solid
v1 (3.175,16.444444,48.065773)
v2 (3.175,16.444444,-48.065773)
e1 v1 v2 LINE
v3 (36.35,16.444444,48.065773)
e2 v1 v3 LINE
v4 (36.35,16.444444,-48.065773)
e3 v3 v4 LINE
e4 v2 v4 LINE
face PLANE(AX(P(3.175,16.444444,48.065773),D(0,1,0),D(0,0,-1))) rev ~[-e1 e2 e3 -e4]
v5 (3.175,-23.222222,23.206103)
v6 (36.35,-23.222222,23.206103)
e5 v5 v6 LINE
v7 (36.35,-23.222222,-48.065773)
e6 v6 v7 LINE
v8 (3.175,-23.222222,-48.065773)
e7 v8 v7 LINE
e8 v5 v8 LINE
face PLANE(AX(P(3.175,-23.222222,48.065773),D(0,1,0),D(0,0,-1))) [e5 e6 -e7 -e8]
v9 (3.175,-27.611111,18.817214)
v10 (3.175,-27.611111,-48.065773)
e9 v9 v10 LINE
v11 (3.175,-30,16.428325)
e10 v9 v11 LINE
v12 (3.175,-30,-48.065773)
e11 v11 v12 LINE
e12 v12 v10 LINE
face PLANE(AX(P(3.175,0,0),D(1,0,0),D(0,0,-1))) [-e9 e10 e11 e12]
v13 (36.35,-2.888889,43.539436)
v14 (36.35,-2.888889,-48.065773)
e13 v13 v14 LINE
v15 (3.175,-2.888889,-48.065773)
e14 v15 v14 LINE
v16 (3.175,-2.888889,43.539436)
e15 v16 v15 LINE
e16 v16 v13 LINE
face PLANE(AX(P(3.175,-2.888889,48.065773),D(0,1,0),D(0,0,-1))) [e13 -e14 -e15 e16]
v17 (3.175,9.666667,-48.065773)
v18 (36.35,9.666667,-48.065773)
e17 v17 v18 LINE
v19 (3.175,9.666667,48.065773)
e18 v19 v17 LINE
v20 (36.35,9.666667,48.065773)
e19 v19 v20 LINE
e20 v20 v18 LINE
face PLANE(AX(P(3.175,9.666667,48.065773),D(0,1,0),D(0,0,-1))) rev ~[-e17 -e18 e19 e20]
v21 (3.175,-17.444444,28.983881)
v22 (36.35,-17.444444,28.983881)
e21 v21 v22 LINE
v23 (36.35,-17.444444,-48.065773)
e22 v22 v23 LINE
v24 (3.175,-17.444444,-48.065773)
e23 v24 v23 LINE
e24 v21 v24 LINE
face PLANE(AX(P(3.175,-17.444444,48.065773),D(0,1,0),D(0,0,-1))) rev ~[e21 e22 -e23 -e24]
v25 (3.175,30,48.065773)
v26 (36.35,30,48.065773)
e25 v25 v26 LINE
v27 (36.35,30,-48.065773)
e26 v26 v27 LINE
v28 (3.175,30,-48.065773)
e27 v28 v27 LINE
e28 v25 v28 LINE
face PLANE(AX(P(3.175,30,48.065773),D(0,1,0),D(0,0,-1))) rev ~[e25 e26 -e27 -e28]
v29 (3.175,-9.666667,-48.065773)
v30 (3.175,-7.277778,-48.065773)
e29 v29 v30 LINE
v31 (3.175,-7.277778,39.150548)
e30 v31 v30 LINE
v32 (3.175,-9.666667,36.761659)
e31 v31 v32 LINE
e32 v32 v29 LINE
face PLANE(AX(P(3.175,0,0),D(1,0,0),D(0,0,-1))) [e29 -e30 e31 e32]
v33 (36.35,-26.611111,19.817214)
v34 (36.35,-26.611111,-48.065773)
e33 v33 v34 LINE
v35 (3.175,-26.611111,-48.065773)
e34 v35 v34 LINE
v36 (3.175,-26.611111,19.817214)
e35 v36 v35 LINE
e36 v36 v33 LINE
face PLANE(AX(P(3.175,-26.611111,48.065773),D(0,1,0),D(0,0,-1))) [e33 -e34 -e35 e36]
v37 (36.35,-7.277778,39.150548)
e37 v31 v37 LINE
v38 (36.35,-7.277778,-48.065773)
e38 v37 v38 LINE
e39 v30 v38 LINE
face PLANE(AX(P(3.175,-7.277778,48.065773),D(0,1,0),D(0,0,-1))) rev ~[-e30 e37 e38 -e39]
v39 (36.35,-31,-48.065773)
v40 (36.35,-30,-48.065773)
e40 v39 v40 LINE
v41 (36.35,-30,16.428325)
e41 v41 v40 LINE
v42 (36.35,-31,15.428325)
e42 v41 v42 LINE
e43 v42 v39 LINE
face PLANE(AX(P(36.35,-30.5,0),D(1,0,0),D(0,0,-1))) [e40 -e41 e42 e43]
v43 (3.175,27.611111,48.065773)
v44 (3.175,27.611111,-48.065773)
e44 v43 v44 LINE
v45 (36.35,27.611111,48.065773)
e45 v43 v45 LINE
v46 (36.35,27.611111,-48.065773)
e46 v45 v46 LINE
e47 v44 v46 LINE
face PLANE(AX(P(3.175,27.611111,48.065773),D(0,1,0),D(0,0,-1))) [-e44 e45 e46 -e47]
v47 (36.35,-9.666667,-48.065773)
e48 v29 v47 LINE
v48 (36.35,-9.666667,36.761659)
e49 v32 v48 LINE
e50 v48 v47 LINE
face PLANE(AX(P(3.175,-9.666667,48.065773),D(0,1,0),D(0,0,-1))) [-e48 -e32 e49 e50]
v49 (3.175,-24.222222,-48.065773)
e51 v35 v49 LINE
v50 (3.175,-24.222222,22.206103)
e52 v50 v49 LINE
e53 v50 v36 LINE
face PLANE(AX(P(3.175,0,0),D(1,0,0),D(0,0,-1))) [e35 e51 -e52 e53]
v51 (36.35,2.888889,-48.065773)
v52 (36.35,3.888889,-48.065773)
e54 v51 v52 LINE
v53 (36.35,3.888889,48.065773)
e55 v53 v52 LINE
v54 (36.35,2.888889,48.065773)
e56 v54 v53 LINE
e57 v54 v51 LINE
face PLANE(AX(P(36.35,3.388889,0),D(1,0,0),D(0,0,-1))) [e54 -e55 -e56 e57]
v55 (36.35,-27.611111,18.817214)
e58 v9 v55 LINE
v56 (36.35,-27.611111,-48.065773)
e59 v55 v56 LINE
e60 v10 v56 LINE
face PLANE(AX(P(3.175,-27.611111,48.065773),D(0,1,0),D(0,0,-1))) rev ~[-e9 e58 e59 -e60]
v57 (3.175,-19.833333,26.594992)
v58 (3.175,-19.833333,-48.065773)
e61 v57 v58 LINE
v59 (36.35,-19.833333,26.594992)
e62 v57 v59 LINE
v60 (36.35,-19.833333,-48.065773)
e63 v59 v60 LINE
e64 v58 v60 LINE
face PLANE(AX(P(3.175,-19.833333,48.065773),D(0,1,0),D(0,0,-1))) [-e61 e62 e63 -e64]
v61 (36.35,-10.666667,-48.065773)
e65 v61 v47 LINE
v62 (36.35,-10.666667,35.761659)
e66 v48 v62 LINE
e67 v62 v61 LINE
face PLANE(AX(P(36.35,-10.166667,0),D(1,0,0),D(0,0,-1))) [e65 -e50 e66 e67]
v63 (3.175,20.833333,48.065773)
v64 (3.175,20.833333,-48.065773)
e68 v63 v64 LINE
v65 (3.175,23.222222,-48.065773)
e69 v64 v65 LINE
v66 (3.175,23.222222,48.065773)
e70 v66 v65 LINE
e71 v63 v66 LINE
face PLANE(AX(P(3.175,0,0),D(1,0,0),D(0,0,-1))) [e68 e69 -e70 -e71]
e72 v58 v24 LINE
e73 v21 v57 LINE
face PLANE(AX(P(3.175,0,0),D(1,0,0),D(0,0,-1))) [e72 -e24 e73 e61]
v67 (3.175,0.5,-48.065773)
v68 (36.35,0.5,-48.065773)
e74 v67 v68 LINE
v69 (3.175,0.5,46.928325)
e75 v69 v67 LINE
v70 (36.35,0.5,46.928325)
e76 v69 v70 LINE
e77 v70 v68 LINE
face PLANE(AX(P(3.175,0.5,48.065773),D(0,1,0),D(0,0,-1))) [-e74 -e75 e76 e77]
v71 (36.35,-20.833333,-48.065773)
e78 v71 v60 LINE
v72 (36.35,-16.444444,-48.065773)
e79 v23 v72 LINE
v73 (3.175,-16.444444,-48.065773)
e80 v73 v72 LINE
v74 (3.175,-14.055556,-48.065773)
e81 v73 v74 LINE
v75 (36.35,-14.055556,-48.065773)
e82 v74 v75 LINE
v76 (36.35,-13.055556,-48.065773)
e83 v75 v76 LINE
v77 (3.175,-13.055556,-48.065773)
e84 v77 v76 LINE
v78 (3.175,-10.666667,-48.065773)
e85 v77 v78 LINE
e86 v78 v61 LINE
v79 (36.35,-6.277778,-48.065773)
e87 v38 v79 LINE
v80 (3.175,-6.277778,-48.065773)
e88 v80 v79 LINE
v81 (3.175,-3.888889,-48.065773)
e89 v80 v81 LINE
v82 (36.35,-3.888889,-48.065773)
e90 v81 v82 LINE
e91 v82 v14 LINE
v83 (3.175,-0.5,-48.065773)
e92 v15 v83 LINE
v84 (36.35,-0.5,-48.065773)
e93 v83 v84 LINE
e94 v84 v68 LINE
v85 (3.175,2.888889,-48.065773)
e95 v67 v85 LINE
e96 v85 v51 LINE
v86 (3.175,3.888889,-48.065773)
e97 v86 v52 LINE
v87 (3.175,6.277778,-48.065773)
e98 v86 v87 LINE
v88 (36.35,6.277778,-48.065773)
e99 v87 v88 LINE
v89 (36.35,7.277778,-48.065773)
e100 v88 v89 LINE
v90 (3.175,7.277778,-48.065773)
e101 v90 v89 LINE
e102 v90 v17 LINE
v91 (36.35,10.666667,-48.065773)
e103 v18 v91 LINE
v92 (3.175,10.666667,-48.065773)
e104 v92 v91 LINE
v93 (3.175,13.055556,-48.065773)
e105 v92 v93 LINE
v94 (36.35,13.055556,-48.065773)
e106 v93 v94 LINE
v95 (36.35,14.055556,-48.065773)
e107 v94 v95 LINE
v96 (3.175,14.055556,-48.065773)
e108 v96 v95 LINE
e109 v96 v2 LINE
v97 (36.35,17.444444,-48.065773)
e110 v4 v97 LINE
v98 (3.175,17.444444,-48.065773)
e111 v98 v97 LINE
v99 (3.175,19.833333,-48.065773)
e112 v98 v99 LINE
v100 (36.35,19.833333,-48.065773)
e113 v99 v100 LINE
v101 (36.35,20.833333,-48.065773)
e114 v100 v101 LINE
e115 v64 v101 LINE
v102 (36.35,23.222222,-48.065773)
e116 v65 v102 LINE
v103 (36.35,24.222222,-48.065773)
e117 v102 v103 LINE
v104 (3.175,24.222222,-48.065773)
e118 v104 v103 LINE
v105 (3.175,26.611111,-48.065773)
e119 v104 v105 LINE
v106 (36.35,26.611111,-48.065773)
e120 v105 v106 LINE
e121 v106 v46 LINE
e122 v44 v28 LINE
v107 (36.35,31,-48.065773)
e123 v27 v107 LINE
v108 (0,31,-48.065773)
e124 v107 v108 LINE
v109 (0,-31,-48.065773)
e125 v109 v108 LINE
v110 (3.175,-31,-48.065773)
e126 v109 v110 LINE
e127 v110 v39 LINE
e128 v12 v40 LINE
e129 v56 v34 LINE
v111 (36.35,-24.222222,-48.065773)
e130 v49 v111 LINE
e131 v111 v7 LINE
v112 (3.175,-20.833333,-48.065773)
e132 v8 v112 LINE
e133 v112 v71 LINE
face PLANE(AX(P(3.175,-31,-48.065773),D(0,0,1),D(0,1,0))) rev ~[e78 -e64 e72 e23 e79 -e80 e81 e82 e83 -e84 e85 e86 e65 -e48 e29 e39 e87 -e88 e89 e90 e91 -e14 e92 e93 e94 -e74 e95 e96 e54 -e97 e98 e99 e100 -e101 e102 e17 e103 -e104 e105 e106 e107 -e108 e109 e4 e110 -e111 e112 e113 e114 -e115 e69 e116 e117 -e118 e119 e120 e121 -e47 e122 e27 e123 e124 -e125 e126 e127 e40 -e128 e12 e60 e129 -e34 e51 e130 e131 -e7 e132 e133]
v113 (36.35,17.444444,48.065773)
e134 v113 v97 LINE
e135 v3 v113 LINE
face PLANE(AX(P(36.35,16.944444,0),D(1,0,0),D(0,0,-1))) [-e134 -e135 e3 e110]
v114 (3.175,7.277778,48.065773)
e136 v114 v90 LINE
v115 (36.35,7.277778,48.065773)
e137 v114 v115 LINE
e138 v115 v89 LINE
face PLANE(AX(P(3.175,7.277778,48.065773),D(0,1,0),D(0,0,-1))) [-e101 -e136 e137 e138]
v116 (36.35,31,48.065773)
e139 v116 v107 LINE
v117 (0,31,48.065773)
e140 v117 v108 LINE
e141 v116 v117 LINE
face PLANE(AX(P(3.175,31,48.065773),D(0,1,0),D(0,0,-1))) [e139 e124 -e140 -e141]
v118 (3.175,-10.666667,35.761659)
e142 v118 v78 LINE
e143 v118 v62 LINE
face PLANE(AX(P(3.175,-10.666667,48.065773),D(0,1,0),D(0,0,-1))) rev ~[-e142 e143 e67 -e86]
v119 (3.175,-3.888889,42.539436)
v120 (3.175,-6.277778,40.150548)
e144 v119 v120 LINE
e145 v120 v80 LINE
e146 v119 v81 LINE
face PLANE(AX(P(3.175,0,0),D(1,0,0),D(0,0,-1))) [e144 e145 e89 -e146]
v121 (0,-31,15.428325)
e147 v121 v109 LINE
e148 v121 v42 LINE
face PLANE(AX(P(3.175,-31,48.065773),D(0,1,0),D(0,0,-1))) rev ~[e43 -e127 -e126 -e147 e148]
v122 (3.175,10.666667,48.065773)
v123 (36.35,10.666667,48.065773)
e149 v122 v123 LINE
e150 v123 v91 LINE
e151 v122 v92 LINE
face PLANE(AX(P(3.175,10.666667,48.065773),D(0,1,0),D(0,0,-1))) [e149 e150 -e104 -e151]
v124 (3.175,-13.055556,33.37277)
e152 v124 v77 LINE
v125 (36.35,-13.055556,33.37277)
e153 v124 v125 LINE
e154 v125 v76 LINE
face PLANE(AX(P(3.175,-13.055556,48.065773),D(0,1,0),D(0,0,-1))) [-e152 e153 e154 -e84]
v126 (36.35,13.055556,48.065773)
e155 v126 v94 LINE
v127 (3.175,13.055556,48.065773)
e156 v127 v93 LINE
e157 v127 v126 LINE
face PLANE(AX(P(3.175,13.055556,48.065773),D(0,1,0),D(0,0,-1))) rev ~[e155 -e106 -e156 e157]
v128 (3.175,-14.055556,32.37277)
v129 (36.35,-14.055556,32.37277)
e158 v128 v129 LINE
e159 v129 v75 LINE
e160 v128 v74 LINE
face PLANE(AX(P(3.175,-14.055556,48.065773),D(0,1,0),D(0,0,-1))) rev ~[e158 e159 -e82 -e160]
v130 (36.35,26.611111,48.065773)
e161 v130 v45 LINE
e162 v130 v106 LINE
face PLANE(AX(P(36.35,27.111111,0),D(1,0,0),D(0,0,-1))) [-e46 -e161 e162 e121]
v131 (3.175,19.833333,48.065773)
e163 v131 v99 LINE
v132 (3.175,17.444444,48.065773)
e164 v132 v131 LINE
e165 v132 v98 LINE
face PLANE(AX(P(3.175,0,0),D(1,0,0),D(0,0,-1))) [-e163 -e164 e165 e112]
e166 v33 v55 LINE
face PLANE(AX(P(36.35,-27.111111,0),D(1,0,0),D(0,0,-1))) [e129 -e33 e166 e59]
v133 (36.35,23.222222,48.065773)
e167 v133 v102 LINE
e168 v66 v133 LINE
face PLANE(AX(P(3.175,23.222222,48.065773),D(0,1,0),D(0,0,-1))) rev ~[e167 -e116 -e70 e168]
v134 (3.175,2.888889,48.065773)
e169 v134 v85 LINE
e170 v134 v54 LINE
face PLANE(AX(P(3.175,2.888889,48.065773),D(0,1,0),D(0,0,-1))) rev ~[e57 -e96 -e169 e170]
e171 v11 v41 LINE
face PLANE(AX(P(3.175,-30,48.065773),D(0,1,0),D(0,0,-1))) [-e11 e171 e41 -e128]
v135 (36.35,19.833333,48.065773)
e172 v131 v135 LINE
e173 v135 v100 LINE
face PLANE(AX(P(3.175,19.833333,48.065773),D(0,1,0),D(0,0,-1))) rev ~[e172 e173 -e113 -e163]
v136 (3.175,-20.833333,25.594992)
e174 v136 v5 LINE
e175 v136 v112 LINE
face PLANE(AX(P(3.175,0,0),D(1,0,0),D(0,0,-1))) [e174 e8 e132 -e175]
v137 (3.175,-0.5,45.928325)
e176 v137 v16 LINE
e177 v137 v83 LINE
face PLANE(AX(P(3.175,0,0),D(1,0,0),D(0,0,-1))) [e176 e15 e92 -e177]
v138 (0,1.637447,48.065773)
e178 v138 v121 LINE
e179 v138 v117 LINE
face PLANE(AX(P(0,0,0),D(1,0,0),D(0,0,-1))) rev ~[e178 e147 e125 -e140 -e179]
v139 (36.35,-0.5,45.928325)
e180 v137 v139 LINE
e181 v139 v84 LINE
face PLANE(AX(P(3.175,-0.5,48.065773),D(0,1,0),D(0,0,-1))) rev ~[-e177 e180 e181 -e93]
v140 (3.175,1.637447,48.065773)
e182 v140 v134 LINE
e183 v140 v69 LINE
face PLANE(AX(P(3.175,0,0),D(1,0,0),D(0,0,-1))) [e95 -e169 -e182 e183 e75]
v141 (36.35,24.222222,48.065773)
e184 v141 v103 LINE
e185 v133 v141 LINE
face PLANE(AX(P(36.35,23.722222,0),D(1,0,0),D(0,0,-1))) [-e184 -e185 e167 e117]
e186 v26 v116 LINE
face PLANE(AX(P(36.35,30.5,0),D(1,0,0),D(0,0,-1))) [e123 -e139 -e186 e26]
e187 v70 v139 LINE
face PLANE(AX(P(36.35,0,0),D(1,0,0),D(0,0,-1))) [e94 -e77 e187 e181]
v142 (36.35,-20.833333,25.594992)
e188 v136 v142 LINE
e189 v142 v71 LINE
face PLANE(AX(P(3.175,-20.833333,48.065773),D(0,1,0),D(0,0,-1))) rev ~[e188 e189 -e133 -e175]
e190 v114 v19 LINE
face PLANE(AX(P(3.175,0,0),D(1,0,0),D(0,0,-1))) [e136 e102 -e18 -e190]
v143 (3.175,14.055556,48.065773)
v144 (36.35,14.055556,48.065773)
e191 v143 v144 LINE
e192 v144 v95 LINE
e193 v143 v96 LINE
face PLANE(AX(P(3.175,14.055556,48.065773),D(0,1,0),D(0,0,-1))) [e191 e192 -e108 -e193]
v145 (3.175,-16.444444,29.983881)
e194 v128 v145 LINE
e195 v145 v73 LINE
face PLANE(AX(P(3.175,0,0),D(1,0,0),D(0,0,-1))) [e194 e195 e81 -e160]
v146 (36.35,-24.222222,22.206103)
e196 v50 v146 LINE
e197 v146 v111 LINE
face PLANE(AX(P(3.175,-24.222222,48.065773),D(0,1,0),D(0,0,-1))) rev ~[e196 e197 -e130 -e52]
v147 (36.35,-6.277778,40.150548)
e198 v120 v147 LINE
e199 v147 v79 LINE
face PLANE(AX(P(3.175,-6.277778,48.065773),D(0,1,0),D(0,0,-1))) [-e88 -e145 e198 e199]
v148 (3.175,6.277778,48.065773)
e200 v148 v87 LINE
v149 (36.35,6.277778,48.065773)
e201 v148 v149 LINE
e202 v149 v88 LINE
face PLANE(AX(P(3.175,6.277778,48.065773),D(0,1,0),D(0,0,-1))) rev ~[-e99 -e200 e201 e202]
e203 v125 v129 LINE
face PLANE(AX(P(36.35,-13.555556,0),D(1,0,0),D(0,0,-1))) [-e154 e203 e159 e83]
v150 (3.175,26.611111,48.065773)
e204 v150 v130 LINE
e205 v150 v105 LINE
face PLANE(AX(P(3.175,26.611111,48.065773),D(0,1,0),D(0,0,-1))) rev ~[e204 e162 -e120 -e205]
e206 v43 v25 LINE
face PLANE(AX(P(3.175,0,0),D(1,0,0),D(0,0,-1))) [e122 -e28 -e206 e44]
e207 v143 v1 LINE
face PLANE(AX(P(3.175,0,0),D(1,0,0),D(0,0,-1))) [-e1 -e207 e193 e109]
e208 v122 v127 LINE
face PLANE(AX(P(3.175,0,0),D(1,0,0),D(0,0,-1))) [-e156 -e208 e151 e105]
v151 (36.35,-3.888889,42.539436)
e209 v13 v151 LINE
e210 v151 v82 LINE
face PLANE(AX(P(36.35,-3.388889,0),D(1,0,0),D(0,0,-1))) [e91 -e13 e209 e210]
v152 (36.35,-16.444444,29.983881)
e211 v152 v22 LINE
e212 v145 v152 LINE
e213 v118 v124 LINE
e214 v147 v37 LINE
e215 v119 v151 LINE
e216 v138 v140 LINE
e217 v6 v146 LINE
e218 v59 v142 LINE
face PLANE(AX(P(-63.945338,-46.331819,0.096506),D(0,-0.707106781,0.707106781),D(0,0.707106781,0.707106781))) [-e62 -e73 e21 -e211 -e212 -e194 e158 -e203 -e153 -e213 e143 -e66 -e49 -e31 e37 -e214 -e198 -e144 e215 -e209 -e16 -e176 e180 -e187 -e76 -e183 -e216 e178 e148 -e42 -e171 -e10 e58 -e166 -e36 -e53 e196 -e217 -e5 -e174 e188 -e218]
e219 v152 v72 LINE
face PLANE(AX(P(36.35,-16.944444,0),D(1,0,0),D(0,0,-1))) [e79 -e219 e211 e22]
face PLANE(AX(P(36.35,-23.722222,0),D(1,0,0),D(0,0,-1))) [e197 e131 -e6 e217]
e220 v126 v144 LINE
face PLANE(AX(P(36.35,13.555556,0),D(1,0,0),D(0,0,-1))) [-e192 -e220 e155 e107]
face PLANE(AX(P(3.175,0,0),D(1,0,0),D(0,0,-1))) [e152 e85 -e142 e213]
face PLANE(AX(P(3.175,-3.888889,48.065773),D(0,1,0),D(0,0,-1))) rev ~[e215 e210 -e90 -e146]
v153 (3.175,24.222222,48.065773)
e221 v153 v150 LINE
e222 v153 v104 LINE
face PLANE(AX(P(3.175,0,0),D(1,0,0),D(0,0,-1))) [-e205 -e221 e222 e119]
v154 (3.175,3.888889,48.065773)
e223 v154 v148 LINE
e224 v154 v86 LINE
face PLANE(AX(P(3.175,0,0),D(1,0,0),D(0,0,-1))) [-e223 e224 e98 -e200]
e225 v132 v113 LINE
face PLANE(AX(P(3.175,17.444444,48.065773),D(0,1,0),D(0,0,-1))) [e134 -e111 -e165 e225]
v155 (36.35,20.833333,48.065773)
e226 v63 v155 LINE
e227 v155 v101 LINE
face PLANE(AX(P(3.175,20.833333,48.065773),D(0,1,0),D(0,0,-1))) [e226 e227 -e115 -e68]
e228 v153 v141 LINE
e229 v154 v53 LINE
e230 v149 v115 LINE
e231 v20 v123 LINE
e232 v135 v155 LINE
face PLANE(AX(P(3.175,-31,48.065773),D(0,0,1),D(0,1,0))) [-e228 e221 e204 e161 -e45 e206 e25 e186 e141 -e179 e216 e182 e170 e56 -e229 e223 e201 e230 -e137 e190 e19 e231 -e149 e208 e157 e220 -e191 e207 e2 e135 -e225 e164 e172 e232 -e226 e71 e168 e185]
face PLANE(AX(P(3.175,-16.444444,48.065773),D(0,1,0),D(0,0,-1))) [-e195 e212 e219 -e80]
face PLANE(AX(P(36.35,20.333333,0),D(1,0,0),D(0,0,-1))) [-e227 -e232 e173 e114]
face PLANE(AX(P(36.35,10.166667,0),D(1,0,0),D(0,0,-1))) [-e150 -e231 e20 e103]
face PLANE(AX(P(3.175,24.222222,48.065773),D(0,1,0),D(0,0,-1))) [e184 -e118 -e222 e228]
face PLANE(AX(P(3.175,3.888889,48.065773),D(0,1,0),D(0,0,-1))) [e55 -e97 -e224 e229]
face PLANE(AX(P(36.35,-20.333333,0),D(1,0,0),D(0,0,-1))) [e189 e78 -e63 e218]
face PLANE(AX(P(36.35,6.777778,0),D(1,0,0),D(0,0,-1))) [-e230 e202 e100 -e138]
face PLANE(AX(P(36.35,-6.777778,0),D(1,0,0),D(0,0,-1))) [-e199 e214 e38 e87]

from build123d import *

# Parameters (mm, degrees)
SKETCH1_W               = 96.131545064
SKETCH1_H               = 62
BOSS_EXTRUDE1_DEPTH     = 3.175
SKETCH2_W               = 96.131545064
SKETCH2_H               = 1
EXTRUDE_THIN1_DEPTH     = 33.175
LPATTERN1_COUNT         = 19
LPATTERN1_PITCH         = 3.388888889
CUT_EXTRUDE1_DEPTH      = 67.120338127
CUT_EXTRUDE1_DEPTH_BACK = 67.120338127


with BuildPart() as part:
    # Sketch1 → Boss-Extrude1 (new body)
    with BuildSketch(Plane(origin=(0, 0, 0), x_dir=(0, 0, -1), z_dir=(1, 0, 0))):
        Rectangle(SKETCH1_W, SKETCH1_H)
    extrude(amount=BOSS_EXTRUDE1_DEPTH)

    # Sketch2 → Extrude-Thin1 (add)
    with BuildSketch(Plane(origin=(3.175, 0, 0), x_dir=(0, 0, -1), z_dir=(1, 0, 0))):
        with Locations((0, 30.5)):
            Rectangle(SKETCH2_W, SKETCH2_H)
    extrude_thin1 = extrude(amount=EXTRUDE_THIN1_DEPTH)

    # LPattern1: Extrude-Thin1 ×19
    with Locations(*[(0, -i * LPATTERN1_PITCH, 0) for i in range(1, LPATTERN1_COUNT)]):
        add(extrude_thin1)

    # Sketch3 → Cut-Extrude1 (cut, two sides: drawn at the far end of the back side and taken through both)
    with BuildSketch(Plane(origin=(3.175, 0, 0), x_dir=(0, 0, -1), z_dir=(1, 0, 0)).offset(-CUT_EXTRUDE1_DEPTH_BACK)):
        Polygon((-0.096506061, -46.331819287), (-55.483661094, 9.055335745), (-88.096831181, -23.557834342), (-32.709676149, -78.944989375), align=None)
    extrude(amount=CUT_EXTRUDE1_DEPTH + CUT_EXTRUDE1_DEPTH_BACK, mode=Mode.SUBTRACT)


solid = part.part
